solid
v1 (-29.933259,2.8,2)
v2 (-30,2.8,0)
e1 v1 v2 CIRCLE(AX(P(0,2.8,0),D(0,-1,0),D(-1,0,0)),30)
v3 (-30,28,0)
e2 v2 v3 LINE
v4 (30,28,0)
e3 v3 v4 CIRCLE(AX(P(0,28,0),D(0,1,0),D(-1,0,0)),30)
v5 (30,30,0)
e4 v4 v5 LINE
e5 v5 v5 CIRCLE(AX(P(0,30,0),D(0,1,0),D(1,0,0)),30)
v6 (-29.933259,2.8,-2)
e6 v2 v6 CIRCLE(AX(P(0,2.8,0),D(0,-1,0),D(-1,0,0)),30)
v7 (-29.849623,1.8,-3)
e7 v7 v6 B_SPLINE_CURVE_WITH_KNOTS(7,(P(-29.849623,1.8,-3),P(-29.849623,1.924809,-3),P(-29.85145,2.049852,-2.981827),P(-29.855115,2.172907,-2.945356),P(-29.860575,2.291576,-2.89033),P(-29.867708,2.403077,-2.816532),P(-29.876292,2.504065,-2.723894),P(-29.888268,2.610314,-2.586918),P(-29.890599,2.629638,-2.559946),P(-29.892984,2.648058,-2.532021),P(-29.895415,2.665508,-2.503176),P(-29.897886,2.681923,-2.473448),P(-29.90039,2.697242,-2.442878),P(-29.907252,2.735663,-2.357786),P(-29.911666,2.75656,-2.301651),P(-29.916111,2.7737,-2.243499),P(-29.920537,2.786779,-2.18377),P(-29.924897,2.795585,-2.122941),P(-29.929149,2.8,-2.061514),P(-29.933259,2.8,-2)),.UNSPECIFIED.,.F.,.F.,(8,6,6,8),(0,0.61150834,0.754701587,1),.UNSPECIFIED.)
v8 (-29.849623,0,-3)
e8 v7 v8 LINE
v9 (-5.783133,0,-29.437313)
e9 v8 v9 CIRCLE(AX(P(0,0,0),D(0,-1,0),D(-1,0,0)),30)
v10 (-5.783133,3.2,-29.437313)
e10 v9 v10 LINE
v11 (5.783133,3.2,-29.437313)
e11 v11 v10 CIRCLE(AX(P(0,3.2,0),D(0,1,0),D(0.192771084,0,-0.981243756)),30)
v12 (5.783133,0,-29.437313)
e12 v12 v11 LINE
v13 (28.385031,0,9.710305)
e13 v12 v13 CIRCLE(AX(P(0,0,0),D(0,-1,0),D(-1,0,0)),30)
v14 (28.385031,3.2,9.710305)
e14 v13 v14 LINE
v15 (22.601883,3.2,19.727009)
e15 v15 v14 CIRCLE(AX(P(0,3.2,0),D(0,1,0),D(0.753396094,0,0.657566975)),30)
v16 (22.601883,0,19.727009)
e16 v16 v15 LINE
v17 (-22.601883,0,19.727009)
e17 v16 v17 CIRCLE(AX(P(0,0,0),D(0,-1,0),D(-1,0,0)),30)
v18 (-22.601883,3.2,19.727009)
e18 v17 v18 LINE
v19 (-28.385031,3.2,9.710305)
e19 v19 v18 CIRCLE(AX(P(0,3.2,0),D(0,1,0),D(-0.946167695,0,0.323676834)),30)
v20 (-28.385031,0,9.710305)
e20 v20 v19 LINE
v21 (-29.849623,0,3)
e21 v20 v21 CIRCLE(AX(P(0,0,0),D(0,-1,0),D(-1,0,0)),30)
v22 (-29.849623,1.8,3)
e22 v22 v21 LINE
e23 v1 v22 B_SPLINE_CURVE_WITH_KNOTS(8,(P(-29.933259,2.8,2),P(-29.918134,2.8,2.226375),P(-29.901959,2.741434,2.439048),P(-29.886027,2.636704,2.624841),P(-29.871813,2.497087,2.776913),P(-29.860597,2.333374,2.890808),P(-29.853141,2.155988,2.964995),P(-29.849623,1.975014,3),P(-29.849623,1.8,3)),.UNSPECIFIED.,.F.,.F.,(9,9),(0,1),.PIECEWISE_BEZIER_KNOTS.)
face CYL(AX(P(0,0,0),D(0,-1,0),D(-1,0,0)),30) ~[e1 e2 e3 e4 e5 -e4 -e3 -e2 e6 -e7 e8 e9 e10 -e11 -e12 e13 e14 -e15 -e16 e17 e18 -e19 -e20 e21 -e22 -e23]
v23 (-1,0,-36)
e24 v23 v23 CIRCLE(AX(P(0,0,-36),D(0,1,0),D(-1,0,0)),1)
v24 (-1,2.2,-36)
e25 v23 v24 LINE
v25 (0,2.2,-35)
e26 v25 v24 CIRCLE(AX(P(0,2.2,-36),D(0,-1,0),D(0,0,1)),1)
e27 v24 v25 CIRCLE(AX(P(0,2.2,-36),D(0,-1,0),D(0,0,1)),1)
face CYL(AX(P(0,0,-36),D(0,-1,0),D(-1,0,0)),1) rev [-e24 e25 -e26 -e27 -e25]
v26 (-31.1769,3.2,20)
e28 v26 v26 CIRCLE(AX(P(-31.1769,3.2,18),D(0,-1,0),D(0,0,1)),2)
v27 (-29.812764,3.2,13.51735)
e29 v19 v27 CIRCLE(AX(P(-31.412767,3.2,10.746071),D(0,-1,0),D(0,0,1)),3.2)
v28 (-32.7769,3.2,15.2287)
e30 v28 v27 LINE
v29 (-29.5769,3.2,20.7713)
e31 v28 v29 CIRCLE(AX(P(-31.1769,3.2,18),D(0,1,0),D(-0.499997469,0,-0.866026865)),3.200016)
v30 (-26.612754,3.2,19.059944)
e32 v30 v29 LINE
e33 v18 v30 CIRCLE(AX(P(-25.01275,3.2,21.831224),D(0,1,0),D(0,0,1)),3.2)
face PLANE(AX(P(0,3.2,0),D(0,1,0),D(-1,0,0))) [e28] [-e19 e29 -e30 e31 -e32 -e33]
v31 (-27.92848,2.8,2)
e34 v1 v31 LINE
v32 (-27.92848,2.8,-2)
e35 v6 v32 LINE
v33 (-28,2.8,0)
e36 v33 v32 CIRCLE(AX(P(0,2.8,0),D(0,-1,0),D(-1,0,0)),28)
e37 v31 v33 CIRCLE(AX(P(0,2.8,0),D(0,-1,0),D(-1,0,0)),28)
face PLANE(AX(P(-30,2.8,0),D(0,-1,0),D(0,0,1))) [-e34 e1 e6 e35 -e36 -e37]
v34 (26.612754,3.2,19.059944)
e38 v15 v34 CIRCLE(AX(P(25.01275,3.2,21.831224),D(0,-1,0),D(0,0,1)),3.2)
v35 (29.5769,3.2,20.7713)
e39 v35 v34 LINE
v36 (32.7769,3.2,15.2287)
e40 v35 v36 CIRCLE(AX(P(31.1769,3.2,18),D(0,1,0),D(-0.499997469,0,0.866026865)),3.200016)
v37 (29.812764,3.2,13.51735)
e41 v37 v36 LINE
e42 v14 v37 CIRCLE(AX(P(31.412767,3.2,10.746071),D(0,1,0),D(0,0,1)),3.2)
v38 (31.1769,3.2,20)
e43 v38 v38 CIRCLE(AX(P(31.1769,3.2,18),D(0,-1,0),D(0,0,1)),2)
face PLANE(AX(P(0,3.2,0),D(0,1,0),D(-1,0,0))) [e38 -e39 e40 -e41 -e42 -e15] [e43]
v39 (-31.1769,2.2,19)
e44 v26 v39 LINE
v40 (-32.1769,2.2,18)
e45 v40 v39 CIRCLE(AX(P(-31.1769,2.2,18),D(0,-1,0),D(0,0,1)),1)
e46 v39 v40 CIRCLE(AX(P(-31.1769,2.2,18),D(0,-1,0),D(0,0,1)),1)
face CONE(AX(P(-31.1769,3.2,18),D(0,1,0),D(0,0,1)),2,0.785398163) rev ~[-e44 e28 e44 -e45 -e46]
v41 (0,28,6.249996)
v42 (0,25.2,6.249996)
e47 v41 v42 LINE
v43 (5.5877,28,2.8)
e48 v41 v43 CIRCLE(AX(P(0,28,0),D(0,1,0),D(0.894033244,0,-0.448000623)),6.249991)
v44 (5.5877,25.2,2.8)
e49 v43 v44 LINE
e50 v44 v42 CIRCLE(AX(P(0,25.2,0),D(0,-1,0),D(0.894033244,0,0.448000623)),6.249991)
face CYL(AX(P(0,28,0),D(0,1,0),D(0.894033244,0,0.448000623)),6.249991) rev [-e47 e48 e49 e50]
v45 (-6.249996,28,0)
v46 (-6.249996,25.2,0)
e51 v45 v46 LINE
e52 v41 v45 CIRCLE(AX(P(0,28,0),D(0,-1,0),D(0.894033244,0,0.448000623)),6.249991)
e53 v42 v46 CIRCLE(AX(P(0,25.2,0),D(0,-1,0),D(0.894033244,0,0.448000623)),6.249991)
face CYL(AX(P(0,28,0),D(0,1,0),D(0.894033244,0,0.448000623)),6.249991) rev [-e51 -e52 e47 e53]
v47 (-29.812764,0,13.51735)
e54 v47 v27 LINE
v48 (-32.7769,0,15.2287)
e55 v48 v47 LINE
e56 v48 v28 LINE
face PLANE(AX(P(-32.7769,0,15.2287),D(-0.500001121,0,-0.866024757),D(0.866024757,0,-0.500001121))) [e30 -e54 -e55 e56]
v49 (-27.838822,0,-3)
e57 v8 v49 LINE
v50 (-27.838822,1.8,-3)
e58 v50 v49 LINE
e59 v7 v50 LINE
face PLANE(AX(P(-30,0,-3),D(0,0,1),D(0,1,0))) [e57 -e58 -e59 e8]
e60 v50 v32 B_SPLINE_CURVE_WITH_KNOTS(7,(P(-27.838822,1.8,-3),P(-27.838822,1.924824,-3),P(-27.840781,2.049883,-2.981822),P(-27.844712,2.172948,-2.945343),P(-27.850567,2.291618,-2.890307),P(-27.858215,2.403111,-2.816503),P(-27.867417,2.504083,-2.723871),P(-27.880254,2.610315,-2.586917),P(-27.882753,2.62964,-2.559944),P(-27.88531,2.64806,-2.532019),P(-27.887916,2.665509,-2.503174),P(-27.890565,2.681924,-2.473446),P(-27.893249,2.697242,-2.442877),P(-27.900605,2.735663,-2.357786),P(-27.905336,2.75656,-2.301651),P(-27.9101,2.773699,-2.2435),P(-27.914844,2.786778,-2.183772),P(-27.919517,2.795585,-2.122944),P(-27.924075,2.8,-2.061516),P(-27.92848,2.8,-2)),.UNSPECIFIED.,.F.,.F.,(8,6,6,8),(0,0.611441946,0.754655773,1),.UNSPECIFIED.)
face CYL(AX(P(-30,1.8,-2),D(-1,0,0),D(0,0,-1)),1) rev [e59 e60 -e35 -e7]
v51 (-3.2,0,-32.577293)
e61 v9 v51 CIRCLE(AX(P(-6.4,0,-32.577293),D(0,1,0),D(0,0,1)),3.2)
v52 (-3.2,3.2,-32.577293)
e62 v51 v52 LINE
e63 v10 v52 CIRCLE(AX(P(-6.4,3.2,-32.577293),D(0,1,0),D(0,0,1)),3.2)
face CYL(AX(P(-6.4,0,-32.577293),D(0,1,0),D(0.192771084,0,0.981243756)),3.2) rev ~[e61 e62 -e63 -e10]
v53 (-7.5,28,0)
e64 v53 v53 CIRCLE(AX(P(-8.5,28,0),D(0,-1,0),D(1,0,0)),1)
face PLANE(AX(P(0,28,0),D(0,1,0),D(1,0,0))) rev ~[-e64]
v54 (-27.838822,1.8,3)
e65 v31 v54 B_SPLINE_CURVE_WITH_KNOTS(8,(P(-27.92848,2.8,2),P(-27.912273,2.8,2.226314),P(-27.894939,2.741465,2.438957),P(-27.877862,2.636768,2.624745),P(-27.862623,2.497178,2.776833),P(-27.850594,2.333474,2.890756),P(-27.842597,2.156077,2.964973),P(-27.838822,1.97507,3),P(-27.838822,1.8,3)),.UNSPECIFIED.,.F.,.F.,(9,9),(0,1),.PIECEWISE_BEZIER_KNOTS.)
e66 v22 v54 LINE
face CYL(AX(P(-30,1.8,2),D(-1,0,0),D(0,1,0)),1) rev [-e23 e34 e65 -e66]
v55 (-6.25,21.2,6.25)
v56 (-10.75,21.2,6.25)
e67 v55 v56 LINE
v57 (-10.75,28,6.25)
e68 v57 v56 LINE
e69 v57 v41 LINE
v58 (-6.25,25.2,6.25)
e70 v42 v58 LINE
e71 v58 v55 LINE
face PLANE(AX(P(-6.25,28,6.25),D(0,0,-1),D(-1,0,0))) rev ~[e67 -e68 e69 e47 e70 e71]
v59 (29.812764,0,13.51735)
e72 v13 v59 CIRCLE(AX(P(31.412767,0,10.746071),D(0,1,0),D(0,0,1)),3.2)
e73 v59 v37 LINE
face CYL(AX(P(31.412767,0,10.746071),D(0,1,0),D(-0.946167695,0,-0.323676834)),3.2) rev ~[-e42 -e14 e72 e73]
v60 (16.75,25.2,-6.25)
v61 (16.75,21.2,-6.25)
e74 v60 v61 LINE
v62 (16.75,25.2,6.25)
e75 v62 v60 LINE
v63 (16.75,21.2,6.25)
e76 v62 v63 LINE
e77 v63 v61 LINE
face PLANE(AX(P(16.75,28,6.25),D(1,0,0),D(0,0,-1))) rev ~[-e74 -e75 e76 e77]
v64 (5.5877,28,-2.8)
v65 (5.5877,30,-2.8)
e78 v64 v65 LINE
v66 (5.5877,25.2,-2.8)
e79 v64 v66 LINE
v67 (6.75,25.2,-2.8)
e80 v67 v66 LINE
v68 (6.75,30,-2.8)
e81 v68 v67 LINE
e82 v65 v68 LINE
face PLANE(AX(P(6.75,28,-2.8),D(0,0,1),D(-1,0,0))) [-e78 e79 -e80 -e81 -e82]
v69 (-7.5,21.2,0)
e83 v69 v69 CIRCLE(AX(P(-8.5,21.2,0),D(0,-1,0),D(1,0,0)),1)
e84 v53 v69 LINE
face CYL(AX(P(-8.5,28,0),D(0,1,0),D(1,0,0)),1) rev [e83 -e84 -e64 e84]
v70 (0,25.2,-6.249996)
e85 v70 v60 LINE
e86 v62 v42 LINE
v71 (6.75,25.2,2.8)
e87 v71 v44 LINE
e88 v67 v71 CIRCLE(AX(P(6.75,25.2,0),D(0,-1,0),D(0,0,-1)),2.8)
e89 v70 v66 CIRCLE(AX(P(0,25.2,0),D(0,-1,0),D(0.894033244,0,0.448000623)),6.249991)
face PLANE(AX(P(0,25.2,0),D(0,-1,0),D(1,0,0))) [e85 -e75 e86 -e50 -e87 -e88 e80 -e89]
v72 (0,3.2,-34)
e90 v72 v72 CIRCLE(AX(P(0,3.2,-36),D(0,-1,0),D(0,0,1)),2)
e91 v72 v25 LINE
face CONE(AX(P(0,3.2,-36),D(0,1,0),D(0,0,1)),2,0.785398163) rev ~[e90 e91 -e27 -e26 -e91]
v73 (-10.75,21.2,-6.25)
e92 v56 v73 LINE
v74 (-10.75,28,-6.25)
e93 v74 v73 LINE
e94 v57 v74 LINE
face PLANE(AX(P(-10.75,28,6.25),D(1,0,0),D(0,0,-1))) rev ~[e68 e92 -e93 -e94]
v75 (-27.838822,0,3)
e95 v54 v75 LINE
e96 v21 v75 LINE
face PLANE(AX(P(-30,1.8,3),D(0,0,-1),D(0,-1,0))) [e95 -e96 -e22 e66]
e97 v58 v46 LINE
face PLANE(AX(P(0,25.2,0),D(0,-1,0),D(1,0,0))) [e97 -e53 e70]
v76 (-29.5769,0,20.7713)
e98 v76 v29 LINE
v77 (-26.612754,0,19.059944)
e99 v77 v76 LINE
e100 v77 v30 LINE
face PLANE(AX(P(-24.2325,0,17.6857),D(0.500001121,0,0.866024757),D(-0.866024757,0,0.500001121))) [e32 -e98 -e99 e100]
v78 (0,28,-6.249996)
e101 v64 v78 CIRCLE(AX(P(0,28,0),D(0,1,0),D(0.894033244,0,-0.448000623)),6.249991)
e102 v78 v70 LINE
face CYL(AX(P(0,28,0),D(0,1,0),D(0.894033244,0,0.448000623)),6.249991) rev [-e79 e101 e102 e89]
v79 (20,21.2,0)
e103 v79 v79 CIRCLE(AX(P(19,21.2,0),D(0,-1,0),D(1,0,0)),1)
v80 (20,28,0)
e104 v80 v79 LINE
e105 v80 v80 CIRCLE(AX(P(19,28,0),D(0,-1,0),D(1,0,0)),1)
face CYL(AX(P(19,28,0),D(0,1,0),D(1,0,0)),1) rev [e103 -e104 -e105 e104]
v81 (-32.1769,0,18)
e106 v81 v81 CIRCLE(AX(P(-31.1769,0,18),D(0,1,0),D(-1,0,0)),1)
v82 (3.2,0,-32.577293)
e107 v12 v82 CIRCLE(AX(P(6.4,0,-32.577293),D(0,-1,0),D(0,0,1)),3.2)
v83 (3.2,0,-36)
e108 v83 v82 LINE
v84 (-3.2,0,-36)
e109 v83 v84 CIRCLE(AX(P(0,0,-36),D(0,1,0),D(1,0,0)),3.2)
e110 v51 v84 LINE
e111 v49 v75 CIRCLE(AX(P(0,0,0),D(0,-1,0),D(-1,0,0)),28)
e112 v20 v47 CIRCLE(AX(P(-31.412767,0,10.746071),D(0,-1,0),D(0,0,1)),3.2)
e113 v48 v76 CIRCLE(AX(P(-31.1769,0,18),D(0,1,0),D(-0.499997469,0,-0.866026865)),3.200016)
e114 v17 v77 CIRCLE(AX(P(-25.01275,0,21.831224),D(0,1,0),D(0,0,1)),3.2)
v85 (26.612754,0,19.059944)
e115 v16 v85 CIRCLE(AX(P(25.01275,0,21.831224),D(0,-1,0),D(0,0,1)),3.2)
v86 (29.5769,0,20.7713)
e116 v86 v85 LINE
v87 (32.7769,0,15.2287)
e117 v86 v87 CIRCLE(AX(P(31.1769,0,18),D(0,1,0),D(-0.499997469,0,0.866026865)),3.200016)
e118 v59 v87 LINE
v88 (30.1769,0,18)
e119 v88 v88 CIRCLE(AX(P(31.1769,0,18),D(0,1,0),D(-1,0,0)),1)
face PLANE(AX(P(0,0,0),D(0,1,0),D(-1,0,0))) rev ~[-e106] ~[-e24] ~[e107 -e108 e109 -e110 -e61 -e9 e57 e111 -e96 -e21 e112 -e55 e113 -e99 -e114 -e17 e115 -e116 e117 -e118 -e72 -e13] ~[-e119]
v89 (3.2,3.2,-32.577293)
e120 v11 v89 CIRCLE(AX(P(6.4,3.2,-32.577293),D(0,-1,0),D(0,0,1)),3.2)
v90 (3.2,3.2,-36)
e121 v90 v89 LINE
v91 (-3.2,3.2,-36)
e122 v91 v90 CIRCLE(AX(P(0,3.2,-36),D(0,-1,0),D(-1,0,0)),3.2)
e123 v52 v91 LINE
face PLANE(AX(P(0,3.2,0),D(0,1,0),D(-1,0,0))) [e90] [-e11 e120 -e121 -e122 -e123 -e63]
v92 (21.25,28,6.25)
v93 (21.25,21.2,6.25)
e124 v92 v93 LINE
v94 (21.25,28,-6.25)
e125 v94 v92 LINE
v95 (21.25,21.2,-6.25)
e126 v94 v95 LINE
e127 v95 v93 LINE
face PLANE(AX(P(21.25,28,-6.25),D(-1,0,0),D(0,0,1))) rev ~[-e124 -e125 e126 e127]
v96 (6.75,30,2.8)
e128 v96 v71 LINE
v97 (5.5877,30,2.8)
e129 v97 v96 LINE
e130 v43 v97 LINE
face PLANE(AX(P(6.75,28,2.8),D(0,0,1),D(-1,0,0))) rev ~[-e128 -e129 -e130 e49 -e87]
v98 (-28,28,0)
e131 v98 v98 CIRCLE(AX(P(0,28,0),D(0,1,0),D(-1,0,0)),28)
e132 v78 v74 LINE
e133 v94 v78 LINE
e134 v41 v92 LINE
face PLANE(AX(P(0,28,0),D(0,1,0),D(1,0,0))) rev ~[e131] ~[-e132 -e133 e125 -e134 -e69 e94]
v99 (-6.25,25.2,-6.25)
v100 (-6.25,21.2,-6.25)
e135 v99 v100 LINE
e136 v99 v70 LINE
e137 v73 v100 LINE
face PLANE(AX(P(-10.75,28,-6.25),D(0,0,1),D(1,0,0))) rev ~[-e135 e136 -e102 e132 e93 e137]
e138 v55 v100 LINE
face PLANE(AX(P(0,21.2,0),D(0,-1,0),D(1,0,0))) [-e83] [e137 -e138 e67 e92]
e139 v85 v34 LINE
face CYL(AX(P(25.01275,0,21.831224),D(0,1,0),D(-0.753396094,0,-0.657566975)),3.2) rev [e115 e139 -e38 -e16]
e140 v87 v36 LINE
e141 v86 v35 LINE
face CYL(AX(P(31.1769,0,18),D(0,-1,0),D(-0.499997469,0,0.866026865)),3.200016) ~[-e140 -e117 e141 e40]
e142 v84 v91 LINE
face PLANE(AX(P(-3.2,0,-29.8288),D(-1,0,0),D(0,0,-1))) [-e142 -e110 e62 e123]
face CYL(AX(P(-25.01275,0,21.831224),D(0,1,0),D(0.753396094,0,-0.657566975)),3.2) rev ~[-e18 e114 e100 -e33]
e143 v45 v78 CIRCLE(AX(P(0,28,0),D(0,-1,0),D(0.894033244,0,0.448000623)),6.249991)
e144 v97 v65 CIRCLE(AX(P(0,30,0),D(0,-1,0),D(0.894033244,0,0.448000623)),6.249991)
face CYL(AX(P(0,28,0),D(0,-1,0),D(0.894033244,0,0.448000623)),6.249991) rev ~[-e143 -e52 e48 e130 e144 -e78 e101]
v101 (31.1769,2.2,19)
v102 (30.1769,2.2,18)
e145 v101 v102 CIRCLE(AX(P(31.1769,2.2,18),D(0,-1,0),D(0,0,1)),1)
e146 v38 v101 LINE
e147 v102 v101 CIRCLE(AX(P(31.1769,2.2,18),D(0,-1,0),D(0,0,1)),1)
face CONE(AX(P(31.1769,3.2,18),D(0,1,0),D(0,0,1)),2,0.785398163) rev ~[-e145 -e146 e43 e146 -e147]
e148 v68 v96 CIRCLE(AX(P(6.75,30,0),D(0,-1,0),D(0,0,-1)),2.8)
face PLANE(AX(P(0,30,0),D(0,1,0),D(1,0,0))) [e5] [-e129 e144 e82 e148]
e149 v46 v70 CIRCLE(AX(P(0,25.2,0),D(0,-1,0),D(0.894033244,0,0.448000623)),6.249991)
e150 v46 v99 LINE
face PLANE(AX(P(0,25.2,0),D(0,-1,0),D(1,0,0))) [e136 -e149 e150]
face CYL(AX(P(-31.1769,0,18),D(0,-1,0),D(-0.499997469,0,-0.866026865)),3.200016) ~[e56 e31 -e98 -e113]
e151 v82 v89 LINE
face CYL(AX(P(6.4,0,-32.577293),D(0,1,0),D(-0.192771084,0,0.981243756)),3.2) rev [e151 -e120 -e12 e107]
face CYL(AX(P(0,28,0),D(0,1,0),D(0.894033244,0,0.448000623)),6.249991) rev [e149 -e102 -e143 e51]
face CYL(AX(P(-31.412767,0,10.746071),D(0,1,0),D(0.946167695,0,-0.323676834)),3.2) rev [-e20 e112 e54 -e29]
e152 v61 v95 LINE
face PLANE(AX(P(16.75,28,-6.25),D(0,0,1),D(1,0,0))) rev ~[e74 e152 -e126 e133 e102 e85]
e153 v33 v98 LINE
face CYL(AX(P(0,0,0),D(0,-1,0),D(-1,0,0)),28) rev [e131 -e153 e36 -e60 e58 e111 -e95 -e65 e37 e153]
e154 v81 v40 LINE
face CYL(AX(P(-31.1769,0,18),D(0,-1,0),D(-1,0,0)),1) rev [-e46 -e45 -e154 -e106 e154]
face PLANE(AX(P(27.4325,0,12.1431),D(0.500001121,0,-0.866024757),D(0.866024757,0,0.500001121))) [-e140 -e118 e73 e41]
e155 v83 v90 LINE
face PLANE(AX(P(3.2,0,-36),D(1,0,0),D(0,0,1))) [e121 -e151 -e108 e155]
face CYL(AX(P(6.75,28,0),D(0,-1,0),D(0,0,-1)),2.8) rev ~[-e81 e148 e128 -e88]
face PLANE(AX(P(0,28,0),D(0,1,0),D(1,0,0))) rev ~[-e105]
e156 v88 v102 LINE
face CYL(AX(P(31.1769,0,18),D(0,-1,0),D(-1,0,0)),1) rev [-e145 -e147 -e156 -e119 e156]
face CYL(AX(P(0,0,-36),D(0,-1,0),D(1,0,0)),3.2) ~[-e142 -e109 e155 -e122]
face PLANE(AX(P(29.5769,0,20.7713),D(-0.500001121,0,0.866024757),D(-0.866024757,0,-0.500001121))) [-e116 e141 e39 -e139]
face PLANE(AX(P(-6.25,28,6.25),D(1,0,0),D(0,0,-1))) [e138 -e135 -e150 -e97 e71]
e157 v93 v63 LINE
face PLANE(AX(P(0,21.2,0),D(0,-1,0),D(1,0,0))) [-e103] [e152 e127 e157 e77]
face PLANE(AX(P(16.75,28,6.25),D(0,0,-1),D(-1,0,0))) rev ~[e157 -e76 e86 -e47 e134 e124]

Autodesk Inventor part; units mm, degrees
ref_plane "XZ Plane" through (0, 0, 0) normal (0, 1, 0) x (-1, 0, 0)
ref_plane "XY Plane" through (0, 0, 0) normal (0, 0, 1) x (1, 0, 0)
sketch "スケッチ1" plane through (0, 0, 0) normal (0, 1, 0) x (-1, 0, 0)
  circle A0 centre (0, 0) radius 30
  circle A1 centre (0, 0) radius 28
  line L0 (-17.5, -7.5) -> (17.5, -7.5)
  line L1 (17.5, -7.5) -> (17.5, 7.5)
  line L2 (17.5, 7.5) -> (-17.5, 7.5)
  line L3 (-17.5, 7.5) -> (-17.5, -7.5)
  line L4 (97.1207, 0) -> (-153.0696, 0)
  line L5 (0, -103.0521) -> (0, 127.3799)
  line L6 (3.2, -29.8288) -> (3.2, -36)
  arc A2 (-3.2, -36) -> (3.2, -36) centre (0, -36) ccw
  line L7 (-3.2, -36) -> (-3.2, -29.8288)
  circle A3 centre (0, -36) radius 1
  arc A4 (32.7769, 15.2287) -> (29.5769, 20.7713) centre (31.1769, 18) ccw
  circle A5 centre (31.1769, 18) radius 1
  line L8 (32.7769, 15.2287) -> (27.4325, 12.1431)
  line L9 (24.2325, 17.6857) -> (29.5769, 20.7713)
  arc A6 (-29.5769, 20.7713) -> (-32.7769, 15.2287) centre (-31.1769, 18) ccw
  circle A7 centre (-31.1769, 18) radius 1
  line L10 (-29.5769, 20.7713) -> (-24.2325, 17.6857)
  line L11 (-27.4325, 12.1431) -> (-32.7769, 15.2287)
  dimension "d0" = 35
  dimension "d1" = 15
  dimension "d2" = 56
  dimension "d3" = 2
  dimension "d4" = 3.2
  dimension "d5" = 36
  dimension "d6" = 2
  dimension "d9" = 360
extrude "押し出し1" add sketch "スケッチ1" along normal blind 28 contours L4 A1 L5 A0 | A0 L5 A1 L4 | A0 L4 A1 L5 | A1 L4 A0 L5
extrude "押し出し2" add sketch "スケッチ1" along normal blind 3.2 contours A0 L9 A4 L8 | L6 A2 L5 A3 A0 | L5 A3 A2 L7 A0 | A0 L11 A6 L10
sketch "スケッチ2" plane through (0, 28, 0) normal (0, 1, 0) x (1, 0, 0)
  circle A0 centre (0, 0) radius 30
  circle A1 centre (0, 0) radius 30 projected
extrude "押し出し3" add sketch "スケッチ2" along normal blind 2
sketch "スケッチ3" plane through (0, 28, 0) normal (0, -1, 0) x (1, 0, 0)
  line L0 (-10.75, -6.25) -> (21.25, -6.25)
  line L1 (21.25, -6.25) -> (21.25, 6.25)
  line L2 (21.25, 6.25) -> (-10.75, 6.25)
  line L3 (-10.75, 6.25) -> (-10.75, -6.25)
  line L4 (-52.7206, 0) -> (77.3772, 0) construction
  line L5 (0, 47.1232) -> (0, -27.9509)
  line L6 (-6.25, 6.25) -> (-6.25, -6.25)
  line L7 (16.75, 6.25) -> (16.75, -6.25)
  arc A0 (5.5877, 2.8) -> (5.5877, -2.8) centre (0, 0) ccw
  line L8 (6.75, 2.8) -> (5.5877, 2.8)
  line L9 (6.75, -2.8) -> (5.5877, -2.8)
  circle A1 centre (-8.5, 0) radius 1
  circle A2 centre (19, 0) radius 1
  arc A3 (6.75, -2.8) -> (6.75, 2.8) centre (6.75, 0) ccw
  point P0 (0, -6.25)
  point P1 (0, 6.25)
  point P2 (-6.25, 0)
  dimension "d17" = 4.5
  dimension "d18" = 4.5
  dimension "d19" = 2
  dimension "d20" = 2.25
  dimension "d21" = 2.25
  dimension "d22" = 13
  dimension "d23" = 12.5
  dimension "d24" = 23
  dimension "d26" = 2.8
extrude "押し出し4" cut sketch "スケッチ3" against normal through all contours A0 L5 | L5 A0 L8 A3 L9
extrude "押し出し5" add sketch "スケッチ3" along normal blind 2.8 contours L6 A0 L0 | A0 L9 A3 L8 L2 L7 L0 | L6 L2 A0
extrude "押し出し6" add sketch "スケッチ3" along normal blind 6.8 contours L3 L2 L6 L0 | L7 L2 L1 L0
ref_plane "作業平面1" through (-30, 0, 0) normal (1, 0, 0) x (0, 1, 0)
sketch "スケッチ4" plane through (-30, 0, 0) normal (1, 0, 0) x (0, 1, 0)
  line L0 (-6.8871, 0) -> (24.1455, 0)
  line L1 (0, -3) -> (1.8, -3)
  line L2 (2.8, -2) -> (2.8, 2)
  line L3 (1.8, 3) -> (0, 3)
  line L4 (0, 3) -> (0, -3)
  arc A0 (1.8, -3) -> (2.8, -2) centre (1.8, -2) ccw
  arc A1 (2.8, 2) -> (1.8, 3) centre (1.8, 2) ccw
  point P0 (0, 0)
  point P1 (2.8, 3)
  point P2 (2.8, -3)
  dimension "d34" = 6
  dimension "d35" = 2.8
  dimension "d36" = 1
  dimension "d37" = 1
extrude "押し出し7" cut sketch "スケッチ4" along normal up to surface
fillet "フィレット1" radius 3.2 6 edges at (24.2325, 1.6, 17.6857) (27.4325, 1.6, 12.1431) (3.2, 1.6, -29.8288) (-3.2, 1.6, -29.8288) (-27.4325, 1.6, 12.1431) (-24.2325, 1.6, 17.6857)
sketch "スケッチ5" plane through (0, 3.2, 0) normal (0, 1, 0) x (1, 0, 0)
  circle A0 centre (31.1769, -18) radius 1 projected
  circle A1 centre (-31.1769, -18) radius 1 projected
  circle A2 centre (0, 36) radius 1 projected
  point P0 (0, 0)
hole "穴1" at (31.1769, 3.2, 18) at (-31.1769, 3.2, 18) at (0, 3.2, -36) direction (0, -1, 0) diameter 2 end through all countersink diameter 4 countersink angle 90
properties part number "base"
